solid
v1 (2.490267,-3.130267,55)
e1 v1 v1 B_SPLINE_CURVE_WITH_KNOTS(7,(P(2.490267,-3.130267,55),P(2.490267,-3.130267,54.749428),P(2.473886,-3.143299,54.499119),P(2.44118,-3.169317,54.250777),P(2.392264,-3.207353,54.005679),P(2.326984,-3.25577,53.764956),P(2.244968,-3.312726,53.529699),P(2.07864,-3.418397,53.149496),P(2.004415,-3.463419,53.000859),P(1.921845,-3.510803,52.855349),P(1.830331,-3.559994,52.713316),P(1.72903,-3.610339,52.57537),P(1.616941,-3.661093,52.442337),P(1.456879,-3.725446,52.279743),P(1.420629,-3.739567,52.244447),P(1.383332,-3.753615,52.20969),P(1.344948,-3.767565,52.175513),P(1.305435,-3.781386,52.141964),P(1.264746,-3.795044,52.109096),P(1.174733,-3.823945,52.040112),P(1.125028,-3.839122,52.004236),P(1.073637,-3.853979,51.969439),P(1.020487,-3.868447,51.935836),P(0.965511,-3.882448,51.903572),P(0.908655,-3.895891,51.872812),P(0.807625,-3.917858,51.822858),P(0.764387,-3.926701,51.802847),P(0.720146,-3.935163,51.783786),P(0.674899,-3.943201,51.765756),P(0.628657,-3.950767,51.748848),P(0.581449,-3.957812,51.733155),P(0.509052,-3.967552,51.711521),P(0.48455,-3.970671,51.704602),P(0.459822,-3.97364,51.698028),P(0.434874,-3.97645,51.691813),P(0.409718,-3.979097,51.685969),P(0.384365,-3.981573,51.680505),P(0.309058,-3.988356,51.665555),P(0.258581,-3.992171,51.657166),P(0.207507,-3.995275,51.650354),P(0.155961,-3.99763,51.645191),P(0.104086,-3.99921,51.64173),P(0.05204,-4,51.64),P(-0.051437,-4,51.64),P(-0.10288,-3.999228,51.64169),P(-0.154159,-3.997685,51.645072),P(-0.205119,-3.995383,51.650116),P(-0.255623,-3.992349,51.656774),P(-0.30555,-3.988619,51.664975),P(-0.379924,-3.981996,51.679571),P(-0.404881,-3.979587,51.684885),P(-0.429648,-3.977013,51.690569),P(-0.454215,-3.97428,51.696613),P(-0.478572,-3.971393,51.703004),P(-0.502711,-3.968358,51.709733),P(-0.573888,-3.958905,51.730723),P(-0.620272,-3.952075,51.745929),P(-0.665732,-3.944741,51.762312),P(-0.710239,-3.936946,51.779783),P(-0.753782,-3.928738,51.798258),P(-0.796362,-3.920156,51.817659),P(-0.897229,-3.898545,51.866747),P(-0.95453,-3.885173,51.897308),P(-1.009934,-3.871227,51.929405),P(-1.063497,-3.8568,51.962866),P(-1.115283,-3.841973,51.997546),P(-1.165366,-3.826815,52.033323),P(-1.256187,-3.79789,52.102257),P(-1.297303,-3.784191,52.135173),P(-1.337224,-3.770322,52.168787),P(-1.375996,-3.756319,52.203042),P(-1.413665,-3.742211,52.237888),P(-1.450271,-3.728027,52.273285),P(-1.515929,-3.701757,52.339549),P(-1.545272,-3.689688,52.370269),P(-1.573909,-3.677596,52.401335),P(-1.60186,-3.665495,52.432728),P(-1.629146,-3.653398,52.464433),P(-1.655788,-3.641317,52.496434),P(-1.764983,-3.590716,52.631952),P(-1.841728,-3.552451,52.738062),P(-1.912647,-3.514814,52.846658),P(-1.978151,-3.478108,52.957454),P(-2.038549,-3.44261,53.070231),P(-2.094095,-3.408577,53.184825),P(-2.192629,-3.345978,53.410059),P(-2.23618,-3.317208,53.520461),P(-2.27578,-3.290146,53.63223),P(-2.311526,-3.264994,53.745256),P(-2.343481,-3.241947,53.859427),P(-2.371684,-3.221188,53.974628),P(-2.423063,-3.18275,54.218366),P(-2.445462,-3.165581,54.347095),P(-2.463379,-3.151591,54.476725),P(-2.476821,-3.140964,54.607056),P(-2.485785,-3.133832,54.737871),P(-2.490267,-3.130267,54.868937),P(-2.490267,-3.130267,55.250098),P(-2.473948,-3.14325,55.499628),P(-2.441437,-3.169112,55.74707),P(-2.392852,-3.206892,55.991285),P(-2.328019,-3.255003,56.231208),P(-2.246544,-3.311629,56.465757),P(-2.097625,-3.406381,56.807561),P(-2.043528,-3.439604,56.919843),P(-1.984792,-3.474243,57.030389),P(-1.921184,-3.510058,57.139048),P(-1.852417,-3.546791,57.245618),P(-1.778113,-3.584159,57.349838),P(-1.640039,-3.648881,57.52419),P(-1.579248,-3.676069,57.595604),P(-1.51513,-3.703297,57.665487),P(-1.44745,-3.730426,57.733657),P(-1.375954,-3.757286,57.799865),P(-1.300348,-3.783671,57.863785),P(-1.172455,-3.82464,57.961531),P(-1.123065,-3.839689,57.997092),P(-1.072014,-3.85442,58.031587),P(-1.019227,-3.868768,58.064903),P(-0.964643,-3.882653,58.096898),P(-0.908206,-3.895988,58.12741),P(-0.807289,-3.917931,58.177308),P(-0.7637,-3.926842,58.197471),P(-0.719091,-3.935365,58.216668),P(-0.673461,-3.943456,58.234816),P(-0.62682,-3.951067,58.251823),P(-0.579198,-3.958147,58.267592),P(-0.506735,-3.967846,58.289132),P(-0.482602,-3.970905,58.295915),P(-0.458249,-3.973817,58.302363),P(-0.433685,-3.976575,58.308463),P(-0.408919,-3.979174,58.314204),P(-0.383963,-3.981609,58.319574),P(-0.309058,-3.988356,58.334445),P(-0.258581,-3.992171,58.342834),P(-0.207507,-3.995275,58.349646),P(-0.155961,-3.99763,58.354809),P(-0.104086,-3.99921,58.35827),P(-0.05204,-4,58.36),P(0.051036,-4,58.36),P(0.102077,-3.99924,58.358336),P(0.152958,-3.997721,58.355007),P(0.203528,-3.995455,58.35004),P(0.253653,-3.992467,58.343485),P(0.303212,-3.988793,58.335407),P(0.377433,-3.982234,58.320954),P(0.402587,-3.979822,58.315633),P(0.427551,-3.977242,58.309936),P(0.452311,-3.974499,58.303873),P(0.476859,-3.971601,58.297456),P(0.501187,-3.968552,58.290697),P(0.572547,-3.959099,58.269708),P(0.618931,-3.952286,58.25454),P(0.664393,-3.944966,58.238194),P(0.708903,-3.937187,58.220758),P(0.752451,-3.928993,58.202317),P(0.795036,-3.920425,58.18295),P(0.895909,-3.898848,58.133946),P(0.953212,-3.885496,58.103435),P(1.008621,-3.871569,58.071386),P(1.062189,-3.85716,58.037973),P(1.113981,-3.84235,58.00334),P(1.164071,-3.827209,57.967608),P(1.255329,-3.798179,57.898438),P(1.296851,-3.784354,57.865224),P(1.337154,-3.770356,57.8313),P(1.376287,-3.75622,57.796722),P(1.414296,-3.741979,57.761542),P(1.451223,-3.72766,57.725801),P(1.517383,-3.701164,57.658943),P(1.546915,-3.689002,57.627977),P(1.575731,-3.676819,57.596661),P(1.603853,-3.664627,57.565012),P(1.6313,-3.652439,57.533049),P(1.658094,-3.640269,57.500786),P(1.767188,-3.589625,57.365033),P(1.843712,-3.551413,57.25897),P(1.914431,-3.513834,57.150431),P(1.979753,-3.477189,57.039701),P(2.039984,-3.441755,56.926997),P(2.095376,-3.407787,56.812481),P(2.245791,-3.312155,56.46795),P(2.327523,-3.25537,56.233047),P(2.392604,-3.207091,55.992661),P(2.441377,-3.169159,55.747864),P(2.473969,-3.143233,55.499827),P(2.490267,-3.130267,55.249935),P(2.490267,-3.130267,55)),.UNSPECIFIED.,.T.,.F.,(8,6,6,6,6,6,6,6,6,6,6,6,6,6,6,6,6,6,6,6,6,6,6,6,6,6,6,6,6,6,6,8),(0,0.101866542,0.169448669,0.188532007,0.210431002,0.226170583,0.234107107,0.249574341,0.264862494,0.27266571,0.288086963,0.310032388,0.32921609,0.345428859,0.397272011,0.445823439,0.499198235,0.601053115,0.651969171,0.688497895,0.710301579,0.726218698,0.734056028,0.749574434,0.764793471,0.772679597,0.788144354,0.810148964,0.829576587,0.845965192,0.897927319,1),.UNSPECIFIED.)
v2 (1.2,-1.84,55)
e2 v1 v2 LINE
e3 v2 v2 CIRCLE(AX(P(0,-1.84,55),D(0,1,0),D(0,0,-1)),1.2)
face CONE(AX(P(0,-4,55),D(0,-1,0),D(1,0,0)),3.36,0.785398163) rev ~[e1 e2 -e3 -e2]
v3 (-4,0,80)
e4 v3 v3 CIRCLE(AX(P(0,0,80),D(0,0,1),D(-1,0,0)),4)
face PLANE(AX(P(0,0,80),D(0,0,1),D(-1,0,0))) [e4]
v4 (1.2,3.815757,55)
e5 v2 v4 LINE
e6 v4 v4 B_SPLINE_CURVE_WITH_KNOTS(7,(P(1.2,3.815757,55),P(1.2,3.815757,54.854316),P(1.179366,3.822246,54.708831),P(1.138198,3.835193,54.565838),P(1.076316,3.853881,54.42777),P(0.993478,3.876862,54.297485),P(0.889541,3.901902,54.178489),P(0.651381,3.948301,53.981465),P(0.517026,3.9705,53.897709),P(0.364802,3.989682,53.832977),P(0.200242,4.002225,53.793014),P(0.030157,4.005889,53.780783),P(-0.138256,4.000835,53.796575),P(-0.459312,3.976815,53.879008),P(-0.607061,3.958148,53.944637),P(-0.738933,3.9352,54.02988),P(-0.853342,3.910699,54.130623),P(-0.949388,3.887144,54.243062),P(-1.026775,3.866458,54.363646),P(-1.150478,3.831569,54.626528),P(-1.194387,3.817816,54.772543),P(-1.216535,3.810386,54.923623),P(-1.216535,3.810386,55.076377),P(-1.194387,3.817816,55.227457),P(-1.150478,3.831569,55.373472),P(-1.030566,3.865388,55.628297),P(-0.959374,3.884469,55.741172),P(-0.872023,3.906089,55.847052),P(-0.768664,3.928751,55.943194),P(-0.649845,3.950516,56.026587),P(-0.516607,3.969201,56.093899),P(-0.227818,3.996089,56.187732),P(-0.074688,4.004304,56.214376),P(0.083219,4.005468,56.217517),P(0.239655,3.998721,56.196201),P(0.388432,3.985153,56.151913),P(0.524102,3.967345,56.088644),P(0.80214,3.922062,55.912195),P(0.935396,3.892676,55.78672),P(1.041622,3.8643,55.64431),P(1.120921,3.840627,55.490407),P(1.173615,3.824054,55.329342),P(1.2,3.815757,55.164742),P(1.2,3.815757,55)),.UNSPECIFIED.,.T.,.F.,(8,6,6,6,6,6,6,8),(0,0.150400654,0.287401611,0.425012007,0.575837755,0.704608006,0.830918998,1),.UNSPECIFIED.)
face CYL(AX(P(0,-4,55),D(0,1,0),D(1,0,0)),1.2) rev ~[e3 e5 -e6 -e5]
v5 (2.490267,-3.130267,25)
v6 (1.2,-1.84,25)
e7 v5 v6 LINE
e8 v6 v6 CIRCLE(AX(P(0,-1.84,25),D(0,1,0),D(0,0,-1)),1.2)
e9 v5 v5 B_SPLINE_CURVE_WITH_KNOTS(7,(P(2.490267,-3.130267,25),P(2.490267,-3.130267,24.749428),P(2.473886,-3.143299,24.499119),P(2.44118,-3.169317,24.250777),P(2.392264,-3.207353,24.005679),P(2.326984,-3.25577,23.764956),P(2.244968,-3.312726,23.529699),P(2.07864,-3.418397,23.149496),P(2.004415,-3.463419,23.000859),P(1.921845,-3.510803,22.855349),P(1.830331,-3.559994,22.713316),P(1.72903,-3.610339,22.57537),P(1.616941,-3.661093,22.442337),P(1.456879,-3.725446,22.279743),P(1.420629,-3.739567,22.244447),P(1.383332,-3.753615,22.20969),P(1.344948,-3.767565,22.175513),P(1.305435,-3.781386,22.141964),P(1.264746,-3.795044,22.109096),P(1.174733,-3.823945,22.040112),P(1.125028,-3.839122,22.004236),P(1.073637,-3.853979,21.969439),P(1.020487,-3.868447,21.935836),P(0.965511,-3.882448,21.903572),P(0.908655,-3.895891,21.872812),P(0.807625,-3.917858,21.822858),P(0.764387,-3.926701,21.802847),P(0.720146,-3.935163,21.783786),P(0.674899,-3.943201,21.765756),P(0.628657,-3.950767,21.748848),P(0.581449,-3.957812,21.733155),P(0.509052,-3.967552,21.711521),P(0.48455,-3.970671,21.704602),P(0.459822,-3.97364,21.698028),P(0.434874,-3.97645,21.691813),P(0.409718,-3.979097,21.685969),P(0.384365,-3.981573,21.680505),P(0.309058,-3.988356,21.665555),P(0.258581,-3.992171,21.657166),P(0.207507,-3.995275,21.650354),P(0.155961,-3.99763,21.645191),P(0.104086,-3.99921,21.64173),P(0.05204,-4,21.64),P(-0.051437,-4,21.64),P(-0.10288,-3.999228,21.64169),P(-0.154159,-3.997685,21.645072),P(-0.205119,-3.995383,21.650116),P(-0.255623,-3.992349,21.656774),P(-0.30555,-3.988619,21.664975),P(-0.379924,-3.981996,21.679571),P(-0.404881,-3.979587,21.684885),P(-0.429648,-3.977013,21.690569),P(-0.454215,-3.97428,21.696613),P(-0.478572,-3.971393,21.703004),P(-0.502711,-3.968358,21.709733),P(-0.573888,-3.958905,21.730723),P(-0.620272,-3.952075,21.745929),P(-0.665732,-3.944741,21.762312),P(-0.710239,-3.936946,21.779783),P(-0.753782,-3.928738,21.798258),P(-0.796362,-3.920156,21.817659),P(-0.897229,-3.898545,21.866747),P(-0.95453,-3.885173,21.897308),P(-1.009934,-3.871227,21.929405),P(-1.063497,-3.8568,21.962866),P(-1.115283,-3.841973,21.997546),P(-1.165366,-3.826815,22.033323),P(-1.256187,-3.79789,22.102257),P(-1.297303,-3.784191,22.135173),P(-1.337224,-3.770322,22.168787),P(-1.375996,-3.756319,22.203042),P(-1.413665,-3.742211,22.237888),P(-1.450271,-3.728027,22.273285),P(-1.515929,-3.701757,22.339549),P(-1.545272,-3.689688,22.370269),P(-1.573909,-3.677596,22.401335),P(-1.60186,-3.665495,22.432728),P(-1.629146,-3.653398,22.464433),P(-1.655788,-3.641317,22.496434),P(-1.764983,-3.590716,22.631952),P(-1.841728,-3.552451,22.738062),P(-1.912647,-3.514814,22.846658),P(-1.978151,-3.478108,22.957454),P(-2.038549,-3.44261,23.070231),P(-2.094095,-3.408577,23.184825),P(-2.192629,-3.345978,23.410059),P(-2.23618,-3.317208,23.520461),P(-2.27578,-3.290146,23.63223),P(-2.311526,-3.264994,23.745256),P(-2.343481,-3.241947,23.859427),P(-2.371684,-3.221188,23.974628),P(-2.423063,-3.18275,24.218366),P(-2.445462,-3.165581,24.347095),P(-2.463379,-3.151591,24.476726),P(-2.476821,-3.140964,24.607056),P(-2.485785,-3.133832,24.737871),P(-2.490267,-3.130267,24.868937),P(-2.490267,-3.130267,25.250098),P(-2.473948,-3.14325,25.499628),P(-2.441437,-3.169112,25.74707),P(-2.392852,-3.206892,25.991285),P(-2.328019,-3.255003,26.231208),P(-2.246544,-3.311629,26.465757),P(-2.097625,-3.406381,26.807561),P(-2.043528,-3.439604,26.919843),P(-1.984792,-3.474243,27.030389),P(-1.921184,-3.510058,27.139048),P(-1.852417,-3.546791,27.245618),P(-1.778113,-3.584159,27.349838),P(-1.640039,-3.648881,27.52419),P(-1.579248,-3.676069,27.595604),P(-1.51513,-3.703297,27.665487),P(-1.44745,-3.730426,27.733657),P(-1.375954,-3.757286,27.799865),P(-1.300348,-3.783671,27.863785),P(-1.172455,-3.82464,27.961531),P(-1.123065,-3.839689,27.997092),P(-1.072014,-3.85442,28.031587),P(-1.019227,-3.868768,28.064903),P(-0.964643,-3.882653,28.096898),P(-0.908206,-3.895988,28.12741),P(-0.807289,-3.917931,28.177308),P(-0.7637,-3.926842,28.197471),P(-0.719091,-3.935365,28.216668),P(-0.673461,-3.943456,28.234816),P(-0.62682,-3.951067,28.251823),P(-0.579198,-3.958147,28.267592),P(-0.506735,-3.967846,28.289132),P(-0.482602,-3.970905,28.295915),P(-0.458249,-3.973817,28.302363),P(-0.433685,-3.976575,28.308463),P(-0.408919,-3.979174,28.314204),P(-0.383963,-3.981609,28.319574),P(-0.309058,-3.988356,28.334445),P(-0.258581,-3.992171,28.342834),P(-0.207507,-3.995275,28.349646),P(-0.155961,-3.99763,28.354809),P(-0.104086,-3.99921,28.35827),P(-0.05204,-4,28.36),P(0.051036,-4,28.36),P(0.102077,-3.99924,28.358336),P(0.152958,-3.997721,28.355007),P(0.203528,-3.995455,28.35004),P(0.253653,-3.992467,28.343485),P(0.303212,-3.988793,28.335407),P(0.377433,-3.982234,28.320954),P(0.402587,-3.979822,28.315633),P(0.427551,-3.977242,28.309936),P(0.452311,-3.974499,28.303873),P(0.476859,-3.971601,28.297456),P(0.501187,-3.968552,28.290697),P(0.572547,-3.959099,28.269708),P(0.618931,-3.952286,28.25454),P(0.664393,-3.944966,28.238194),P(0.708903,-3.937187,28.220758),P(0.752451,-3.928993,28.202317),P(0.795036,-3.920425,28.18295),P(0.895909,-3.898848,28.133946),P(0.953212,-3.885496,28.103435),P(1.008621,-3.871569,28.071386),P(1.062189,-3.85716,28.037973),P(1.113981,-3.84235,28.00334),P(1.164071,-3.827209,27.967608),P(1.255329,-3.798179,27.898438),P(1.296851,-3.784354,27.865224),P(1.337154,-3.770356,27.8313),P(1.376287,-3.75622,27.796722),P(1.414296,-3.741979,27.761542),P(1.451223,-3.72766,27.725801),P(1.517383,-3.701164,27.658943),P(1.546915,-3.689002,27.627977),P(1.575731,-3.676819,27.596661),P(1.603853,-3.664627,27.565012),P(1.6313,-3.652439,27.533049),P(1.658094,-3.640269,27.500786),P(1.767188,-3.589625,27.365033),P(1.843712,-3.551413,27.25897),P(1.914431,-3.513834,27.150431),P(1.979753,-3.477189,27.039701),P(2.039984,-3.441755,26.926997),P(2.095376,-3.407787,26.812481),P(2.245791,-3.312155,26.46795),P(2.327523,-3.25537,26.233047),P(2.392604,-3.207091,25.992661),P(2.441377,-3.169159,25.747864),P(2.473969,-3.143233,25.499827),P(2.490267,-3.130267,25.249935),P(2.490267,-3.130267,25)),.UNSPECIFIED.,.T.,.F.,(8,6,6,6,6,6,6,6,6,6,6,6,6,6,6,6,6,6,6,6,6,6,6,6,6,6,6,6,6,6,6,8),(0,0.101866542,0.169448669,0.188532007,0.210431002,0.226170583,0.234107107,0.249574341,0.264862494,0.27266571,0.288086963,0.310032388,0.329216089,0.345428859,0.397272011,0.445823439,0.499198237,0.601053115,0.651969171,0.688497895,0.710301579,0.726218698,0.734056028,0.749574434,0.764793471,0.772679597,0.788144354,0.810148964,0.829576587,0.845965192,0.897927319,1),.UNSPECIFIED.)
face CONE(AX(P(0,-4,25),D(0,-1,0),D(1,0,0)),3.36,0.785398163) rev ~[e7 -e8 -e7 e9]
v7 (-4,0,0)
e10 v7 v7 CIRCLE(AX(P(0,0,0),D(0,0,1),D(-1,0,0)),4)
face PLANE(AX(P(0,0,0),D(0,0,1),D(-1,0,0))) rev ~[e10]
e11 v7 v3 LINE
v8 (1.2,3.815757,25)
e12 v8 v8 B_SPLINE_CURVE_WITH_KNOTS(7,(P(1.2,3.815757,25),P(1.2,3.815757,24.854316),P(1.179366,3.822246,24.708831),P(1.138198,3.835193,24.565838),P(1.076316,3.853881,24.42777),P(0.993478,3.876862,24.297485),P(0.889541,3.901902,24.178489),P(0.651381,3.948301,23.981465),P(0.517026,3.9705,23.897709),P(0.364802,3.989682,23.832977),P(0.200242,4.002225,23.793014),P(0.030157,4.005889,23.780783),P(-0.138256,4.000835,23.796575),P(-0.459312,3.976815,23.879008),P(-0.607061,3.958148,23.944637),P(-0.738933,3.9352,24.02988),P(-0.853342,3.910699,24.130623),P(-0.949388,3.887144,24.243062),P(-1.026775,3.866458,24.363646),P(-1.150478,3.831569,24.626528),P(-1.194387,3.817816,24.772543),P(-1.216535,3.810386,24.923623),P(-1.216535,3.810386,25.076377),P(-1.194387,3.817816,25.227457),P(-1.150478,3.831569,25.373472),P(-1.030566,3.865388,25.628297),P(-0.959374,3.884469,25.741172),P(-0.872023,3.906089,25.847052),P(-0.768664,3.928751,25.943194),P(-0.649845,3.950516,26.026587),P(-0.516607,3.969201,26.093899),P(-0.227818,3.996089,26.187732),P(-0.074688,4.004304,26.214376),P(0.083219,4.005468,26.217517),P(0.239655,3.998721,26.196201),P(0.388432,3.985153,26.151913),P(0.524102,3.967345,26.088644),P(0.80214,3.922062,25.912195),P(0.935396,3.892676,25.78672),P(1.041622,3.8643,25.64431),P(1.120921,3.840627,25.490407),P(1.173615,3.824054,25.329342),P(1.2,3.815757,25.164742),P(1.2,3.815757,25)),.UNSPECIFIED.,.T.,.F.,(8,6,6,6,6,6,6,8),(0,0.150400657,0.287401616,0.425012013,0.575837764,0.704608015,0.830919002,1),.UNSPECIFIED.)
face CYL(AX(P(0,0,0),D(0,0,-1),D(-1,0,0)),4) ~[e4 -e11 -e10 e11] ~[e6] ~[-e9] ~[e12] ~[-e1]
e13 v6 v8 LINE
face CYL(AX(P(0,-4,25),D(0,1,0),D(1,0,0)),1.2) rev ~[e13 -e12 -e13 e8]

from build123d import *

# Parameters (mm, degrees)
F0_R           = 4
F1_DEPTH       = 80
F4_D           = 2.4
F4_DEPTH       = 50
F4_CSINK_D     = 6.72
F4_CSINK_ANGLE = 90
F4_TIP         = 0.7210327428
F5_ANGLE       = 180


with BuildPart() as f1:
    # F0 (on Top) → F1 (new body)
    with BuildSketch(Plane.XY):
        Circle(F0_R)
    extrude(amount=F1_DEPTH)

    # F4
    with Locations(Plane(origin=(0, 4, 0), x_dir=(1, 0, 0), z_dir=(0, 1, 0))):
        with Locations((0, -55), (0, -25)):
            CounterSinkHole(F4_D / 2, F4_CSINK_D / 2, depth=F4_DEPTH, counter_sink_angle=F4_CSINK_ANGLE)
            with Locations((0, 0, -(F4_DEPTH + F4_TIP / 2))):  # 118° drill point
                Cone(0, F4_D / 2, F4_TIP, mode=Mode.SUBTRACT)


with BuildPart() as f1_1:
    # F5: moved
    add(f1.part.rotate(Axis((0, 0, 80), (0, 0, 1)), F5_ANGLE))


solid = f1_1.part
